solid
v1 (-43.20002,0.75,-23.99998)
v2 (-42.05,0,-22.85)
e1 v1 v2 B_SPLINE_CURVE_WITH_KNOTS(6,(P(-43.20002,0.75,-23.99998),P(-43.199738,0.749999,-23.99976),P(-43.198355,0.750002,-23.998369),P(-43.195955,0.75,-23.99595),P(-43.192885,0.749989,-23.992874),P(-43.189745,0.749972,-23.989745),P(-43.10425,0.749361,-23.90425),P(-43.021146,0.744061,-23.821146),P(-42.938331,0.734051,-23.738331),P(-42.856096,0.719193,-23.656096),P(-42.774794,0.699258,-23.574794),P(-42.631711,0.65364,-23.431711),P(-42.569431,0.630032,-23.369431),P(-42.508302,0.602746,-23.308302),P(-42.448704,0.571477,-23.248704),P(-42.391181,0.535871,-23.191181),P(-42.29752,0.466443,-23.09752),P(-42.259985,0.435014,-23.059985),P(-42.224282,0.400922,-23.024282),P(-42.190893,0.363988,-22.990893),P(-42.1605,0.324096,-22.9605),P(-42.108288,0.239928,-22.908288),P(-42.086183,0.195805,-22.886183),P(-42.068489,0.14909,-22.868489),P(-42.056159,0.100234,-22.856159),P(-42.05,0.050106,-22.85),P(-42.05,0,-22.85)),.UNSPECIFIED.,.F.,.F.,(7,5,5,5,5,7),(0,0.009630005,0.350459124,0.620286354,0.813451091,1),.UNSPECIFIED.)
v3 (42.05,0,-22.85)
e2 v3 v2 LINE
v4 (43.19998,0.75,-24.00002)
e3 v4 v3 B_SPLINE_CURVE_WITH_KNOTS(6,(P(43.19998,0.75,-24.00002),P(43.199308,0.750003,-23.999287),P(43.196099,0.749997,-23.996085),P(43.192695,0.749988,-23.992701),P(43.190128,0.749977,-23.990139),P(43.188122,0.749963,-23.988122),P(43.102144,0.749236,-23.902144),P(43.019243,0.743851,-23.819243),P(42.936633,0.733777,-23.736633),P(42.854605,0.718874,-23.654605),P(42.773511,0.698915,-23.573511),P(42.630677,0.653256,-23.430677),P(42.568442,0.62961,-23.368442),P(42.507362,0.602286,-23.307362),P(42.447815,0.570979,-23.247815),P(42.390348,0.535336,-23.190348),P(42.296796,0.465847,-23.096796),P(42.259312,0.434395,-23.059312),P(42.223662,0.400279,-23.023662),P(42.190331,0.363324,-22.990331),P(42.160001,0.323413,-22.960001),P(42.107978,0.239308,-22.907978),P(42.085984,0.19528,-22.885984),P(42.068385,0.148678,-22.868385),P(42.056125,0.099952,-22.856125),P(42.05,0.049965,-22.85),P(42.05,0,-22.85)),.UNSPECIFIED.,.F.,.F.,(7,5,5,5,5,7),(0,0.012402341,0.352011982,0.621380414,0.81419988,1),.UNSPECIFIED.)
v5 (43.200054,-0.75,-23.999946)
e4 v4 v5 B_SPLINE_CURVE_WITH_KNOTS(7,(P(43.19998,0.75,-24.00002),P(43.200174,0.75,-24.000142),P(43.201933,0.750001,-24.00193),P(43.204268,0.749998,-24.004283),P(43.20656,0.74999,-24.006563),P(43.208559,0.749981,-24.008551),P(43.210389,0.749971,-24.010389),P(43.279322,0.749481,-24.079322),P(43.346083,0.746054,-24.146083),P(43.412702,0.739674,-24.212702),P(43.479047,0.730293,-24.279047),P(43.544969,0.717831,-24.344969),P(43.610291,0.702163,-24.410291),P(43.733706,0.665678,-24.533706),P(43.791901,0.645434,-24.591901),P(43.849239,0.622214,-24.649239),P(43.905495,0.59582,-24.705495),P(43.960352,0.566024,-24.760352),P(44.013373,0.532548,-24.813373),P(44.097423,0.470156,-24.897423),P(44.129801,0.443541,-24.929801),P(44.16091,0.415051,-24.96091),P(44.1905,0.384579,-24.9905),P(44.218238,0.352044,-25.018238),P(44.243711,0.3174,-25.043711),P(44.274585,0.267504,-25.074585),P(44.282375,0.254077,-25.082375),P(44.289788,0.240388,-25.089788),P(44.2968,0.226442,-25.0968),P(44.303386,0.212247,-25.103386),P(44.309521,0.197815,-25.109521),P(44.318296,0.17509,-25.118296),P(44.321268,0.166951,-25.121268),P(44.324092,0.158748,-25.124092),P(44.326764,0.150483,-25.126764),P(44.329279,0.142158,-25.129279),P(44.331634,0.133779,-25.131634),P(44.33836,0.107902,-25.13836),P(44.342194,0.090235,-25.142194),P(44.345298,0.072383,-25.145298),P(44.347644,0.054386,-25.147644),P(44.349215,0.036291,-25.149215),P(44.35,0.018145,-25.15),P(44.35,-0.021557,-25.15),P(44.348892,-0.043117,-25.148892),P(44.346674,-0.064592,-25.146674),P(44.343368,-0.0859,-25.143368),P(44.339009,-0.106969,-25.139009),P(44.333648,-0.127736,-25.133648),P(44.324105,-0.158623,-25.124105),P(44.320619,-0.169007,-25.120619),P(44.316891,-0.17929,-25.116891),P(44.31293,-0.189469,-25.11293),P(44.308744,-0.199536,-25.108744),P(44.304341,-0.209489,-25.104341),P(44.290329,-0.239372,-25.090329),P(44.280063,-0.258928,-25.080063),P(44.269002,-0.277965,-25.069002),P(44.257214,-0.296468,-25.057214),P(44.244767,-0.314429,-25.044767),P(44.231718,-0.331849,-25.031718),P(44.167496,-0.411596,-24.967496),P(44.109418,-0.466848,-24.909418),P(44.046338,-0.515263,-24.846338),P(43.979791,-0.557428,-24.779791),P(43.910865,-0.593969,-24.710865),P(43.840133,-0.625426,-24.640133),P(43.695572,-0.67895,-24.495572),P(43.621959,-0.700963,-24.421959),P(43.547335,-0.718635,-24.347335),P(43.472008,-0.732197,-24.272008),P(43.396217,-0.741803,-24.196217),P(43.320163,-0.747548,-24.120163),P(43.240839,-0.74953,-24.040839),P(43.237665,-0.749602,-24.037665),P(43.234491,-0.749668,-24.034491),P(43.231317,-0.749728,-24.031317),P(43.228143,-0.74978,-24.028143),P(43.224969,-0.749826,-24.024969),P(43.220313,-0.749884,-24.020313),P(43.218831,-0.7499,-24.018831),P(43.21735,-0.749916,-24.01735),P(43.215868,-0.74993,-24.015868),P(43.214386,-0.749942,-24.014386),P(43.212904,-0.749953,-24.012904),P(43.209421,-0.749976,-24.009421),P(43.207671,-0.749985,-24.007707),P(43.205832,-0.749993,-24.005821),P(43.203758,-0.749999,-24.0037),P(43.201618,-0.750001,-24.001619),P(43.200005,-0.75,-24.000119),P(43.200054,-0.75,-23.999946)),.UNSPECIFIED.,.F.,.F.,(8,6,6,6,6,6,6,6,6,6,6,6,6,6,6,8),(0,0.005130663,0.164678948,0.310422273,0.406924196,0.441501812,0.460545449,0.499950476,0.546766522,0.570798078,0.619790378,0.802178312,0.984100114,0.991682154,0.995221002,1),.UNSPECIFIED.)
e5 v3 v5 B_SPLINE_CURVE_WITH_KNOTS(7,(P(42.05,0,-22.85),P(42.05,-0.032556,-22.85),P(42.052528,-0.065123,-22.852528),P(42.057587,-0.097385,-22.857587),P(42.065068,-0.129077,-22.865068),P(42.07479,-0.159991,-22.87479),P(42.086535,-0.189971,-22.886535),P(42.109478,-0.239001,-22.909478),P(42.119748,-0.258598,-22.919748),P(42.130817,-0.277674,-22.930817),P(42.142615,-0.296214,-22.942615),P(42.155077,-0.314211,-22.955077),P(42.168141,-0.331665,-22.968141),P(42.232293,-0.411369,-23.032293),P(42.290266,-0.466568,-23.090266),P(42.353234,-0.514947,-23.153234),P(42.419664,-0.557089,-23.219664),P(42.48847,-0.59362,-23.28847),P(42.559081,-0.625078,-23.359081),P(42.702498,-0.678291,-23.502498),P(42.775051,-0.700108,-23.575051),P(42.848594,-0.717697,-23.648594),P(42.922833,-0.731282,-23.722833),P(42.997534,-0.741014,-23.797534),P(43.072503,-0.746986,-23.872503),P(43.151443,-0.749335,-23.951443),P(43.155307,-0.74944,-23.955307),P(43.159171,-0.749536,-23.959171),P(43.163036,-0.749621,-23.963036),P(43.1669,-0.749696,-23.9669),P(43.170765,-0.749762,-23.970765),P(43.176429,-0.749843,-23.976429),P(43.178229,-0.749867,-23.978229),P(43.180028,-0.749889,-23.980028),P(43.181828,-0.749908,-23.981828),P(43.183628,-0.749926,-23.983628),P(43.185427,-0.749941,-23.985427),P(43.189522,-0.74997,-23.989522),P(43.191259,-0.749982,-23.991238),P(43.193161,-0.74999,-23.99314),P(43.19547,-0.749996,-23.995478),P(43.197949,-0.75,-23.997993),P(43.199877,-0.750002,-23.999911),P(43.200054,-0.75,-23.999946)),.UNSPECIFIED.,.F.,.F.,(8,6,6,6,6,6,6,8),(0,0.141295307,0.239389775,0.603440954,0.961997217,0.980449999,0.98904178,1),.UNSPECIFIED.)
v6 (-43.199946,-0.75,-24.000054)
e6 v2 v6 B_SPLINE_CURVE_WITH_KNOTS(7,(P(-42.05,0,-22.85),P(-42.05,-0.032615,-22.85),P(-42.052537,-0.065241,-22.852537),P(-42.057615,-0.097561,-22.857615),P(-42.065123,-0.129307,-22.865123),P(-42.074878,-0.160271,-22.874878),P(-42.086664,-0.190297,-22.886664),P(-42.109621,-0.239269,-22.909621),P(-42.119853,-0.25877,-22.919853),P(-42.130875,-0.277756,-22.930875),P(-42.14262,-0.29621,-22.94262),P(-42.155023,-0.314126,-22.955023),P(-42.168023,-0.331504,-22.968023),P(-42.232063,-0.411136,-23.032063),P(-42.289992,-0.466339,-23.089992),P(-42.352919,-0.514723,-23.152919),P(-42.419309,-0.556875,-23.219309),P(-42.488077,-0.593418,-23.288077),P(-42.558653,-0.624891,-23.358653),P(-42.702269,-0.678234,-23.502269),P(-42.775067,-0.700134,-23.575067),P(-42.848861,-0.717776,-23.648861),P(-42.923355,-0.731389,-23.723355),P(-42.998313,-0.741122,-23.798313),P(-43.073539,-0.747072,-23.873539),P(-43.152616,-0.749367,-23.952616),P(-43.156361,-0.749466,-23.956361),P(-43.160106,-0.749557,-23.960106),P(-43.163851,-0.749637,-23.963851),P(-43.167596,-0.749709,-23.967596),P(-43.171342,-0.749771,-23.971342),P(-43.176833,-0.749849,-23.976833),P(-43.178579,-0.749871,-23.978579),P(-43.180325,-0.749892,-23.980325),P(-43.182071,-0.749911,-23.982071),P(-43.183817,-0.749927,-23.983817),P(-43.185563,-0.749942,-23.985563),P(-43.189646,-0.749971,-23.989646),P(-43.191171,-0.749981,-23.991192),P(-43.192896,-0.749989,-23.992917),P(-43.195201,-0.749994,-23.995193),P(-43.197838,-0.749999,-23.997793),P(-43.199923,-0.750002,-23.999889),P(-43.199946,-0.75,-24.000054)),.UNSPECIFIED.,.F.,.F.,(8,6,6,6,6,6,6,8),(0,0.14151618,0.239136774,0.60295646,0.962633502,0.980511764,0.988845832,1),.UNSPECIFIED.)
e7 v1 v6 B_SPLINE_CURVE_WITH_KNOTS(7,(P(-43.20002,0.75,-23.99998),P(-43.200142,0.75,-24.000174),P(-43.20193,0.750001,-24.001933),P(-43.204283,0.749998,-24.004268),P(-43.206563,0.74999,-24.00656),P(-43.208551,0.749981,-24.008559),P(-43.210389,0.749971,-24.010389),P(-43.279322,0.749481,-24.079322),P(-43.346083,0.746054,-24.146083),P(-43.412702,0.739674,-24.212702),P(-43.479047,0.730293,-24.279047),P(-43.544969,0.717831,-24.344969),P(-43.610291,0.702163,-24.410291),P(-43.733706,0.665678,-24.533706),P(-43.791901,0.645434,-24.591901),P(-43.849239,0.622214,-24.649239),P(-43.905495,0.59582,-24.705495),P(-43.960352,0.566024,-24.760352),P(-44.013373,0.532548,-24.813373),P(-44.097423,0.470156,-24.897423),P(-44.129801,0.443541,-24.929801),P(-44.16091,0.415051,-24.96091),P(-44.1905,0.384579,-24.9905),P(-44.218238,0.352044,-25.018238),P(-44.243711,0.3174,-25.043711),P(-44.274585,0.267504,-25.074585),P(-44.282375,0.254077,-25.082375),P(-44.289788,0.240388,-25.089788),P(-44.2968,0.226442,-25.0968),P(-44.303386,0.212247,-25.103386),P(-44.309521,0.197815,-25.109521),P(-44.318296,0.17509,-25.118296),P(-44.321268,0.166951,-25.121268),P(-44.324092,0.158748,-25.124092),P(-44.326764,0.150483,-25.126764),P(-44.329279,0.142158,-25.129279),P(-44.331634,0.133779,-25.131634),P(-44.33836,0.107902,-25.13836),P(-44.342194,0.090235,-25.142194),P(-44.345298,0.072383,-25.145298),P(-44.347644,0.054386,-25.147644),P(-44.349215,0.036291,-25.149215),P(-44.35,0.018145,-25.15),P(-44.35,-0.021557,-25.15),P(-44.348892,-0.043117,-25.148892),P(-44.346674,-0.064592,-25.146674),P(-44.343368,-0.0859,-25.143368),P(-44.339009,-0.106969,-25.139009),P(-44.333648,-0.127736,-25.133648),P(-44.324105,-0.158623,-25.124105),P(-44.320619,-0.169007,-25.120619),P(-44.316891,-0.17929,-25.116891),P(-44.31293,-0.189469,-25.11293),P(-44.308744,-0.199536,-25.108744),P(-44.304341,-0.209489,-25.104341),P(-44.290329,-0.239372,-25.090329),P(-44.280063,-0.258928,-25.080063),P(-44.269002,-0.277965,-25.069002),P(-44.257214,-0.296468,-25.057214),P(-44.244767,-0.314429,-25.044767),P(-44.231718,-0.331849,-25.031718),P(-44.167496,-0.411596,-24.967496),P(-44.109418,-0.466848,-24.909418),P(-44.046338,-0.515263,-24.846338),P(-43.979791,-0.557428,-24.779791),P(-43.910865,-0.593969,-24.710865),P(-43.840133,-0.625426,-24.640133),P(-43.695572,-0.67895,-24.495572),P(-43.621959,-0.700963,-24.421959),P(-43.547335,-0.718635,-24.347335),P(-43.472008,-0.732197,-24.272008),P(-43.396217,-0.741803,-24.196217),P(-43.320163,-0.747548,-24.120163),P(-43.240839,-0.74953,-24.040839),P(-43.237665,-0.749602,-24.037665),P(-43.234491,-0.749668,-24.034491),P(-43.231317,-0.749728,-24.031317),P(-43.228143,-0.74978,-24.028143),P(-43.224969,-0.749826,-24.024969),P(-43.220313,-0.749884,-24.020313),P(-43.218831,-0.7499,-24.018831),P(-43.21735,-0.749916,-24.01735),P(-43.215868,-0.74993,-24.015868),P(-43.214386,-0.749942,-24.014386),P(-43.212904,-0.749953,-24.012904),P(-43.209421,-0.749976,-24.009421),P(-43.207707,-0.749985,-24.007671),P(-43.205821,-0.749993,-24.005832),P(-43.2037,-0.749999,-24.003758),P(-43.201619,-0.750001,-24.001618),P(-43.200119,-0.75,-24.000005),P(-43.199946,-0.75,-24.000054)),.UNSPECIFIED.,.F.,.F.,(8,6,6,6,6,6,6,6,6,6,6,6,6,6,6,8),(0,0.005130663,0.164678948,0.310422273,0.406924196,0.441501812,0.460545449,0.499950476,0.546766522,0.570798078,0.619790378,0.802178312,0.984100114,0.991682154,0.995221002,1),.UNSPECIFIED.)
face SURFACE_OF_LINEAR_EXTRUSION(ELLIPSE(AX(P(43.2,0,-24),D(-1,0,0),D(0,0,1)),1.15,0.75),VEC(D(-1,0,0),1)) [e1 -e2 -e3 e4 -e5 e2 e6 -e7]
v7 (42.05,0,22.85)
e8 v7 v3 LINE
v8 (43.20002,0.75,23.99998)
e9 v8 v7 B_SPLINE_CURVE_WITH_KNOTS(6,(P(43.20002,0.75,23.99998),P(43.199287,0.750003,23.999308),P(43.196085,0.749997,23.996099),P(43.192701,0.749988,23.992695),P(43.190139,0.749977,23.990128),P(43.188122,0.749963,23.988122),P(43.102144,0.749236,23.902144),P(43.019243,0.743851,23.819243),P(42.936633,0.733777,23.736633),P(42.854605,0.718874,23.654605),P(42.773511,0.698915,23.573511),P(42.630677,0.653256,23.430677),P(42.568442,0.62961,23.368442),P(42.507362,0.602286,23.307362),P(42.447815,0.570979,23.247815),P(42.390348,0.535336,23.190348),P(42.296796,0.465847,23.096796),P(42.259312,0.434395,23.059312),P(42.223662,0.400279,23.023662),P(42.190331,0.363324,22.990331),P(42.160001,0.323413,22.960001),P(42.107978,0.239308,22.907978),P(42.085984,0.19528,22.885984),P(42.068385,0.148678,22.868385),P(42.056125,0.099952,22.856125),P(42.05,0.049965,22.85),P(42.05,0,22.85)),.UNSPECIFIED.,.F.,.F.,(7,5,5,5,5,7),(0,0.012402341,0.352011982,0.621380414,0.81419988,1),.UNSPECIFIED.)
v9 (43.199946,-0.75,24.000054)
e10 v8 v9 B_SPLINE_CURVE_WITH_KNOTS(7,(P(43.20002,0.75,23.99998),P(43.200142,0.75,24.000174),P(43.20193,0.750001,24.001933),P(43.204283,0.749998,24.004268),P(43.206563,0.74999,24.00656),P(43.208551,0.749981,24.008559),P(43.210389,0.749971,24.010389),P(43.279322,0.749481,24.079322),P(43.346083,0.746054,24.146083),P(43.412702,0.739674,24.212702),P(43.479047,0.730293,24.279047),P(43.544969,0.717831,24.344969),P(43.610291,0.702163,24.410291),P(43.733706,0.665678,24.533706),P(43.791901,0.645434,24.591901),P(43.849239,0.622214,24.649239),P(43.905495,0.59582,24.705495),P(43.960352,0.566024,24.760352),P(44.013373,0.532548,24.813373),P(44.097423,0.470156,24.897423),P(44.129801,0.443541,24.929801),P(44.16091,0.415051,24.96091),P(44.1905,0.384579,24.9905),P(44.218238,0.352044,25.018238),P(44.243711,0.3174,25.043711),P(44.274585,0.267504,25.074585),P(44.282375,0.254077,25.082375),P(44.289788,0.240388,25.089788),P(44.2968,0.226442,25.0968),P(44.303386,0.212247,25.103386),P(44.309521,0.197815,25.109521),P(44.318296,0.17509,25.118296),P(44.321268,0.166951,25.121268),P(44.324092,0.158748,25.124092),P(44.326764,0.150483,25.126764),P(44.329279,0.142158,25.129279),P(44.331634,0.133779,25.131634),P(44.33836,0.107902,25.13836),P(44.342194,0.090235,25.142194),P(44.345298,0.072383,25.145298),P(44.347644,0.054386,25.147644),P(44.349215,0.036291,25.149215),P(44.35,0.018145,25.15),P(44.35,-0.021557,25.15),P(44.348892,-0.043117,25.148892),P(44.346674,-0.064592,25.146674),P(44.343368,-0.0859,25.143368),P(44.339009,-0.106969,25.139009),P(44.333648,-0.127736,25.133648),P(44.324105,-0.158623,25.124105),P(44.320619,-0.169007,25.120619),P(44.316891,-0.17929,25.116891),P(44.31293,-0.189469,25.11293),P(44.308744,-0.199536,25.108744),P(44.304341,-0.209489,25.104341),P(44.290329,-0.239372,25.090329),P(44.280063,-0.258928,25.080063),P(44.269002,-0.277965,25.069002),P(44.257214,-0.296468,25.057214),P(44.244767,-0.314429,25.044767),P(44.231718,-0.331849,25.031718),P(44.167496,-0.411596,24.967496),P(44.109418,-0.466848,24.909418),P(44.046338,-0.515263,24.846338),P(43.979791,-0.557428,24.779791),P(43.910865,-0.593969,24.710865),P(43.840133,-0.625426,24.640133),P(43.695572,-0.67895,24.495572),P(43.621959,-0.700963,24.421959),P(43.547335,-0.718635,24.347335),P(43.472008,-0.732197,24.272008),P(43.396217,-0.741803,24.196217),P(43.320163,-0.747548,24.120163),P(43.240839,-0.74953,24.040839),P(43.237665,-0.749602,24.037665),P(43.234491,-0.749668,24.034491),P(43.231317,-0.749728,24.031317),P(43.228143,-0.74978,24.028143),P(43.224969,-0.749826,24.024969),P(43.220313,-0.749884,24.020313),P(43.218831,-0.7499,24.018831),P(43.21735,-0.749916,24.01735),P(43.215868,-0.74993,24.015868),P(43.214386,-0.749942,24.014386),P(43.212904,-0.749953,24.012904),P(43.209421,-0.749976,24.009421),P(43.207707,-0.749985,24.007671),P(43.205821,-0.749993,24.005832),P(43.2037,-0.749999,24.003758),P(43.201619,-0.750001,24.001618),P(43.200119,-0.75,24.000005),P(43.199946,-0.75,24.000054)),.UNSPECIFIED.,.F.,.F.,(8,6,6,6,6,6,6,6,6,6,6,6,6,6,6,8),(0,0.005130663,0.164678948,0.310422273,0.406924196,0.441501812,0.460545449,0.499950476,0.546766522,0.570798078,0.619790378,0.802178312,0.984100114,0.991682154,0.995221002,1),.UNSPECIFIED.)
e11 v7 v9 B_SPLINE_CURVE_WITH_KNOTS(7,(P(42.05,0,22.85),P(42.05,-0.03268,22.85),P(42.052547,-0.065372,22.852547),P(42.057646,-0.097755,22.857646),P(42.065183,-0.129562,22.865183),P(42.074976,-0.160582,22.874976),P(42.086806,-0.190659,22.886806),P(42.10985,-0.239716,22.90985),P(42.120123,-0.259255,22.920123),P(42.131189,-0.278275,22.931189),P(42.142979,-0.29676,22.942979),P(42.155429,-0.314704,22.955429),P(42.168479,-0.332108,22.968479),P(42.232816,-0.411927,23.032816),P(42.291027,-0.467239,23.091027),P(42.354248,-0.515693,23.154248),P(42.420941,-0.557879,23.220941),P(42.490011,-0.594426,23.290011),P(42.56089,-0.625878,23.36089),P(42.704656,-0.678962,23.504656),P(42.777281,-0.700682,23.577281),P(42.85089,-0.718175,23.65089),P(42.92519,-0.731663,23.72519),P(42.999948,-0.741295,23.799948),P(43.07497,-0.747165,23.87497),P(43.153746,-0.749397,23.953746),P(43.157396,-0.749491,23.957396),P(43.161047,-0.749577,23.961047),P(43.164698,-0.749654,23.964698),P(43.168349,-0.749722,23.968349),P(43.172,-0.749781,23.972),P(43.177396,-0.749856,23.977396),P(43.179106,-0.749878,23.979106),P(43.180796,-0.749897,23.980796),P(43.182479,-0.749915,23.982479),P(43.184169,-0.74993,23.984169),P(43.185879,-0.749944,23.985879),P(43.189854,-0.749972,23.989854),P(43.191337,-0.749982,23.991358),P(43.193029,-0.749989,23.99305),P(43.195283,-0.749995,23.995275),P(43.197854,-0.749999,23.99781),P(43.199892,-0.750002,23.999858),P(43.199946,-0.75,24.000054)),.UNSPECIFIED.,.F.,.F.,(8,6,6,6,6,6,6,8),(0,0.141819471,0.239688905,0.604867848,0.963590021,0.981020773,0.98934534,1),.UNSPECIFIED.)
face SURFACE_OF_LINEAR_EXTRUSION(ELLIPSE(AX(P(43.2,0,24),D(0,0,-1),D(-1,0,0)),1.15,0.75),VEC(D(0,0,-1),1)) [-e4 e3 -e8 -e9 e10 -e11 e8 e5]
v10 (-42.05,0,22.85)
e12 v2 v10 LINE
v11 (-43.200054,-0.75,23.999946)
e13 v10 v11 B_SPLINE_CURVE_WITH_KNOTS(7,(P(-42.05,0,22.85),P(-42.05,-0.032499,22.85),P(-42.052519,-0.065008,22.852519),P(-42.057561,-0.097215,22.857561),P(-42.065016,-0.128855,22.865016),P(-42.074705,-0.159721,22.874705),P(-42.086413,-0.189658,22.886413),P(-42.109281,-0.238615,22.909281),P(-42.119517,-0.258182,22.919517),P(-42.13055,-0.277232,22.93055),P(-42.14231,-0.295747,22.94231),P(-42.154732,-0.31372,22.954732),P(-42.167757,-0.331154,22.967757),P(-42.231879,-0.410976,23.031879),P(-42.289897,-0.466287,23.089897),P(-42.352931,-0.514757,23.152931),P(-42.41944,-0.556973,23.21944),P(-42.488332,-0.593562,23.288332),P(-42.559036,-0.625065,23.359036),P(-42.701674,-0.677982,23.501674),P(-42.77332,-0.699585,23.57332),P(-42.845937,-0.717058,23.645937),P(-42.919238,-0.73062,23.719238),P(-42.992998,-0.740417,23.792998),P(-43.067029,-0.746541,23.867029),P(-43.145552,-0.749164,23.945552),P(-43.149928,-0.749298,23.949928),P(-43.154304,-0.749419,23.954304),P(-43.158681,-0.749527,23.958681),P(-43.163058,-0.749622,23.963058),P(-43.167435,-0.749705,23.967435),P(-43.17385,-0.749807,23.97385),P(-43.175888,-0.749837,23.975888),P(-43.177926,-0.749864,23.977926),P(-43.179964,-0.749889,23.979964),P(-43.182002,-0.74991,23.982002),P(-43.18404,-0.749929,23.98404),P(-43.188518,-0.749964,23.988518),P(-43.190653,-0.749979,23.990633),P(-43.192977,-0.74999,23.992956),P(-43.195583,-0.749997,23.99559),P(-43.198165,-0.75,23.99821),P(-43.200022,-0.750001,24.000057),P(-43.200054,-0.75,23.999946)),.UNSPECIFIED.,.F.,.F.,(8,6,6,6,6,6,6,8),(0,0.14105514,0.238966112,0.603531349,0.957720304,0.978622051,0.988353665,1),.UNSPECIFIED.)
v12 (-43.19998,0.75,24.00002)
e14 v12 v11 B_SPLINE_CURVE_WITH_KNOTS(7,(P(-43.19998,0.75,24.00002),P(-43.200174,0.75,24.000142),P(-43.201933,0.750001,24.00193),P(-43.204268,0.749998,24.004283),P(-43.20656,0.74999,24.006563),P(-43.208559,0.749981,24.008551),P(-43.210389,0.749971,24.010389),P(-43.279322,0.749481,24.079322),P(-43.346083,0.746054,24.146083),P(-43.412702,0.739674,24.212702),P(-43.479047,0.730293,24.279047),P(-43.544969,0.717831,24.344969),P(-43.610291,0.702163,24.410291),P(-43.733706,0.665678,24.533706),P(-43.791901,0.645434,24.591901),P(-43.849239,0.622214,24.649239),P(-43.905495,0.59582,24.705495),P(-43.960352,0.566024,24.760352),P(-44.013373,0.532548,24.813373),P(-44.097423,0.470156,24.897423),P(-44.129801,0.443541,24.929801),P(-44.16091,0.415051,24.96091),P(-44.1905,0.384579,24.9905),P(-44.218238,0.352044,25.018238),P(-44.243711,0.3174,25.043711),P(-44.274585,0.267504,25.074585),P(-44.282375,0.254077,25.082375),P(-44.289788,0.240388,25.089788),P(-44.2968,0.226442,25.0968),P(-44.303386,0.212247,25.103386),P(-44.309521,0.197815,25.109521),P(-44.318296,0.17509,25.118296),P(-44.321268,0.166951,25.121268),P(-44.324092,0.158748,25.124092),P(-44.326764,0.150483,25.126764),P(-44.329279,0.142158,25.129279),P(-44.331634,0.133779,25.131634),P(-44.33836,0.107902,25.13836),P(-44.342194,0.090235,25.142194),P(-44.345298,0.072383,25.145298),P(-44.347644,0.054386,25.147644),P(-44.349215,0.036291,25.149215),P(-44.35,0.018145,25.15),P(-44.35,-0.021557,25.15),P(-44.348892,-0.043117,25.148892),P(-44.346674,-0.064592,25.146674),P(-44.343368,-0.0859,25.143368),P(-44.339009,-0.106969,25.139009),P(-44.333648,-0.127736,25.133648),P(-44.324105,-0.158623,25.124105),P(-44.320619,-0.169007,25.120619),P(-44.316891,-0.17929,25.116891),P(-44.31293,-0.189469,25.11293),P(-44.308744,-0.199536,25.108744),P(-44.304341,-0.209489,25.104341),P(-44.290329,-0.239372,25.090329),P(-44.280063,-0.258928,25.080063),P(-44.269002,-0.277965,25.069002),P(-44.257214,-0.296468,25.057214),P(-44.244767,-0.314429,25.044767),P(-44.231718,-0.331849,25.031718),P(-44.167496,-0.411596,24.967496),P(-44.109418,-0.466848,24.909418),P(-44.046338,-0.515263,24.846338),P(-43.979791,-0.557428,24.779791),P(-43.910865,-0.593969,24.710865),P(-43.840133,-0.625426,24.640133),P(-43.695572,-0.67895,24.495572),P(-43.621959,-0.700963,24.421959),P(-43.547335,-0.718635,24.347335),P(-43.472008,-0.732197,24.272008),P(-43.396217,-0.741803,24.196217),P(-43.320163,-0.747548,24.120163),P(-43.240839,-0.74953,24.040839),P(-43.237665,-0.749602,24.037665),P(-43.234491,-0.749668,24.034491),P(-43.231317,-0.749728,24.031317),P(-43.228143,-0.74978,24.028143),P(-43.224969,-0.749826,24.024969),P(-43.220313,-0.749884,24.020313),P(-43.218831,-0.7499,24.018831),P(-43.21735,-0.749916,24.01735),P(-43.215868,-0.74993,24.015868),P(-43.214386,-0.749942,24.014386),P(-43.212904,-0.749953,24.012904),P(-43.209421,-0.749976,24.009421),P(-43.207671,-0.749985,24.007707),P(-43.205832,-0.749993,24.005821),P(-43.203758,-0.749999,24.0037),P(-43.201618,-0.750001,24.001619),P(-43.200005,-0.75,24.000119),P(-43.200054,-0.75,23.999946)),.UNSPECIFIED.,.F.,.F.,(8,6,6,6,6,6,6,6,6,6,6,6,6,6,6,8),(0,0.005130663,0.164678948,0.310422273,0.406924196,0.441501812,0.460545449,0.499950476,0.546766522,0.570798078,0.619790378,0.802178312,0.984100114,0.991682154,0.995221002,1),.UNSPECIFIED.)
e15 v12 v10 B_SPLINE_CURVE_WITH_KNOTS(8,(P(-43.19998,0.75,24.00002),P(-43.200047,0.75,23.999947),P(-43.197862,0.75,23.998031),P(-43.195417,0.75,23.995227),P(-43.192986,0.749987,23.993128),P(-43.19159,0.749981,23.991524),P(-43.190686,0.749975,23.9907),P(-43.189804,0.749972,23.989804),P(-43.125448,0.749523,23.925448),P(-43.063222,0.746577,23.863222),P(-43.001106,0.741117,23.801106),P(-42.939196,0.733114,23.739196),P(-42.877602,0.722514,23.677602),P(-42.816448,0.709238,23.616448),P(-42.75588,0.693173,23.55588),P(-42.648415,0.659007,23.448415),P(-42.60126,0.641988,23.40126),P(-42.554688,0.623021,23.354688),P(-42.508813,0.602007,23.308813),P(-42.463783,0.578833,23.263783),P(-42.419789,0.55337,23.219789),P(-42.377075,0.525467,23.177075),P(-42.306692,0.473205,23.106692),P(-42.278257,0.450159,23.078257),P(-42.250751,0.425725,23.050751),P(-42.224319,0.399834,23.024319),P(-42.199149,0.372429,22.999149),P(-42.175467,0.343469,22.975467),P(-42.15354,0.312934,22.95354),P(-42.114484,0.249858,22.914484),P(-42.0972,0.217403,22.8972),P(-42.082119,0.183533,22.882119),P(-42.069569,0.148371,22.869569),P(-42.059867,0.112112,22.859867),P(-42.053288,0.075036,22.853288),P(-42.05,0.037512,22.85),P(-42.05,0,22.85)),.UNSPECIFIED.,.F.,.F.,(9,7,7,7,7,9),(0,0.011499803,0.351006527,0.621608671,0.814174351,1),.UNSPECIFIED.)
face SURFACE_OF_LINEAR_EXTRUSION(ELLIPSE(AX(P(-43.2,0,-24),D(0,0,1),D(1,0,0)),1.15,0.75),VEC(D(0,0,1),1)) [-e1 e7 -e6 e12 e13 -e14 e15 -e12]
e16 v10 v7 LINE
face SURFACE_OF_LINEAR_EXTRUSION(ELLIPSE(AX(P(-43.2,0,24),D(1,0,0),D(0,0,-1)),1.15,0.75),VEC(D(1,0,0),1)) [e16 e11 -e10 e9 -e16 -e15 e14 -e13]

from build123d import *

# Parameters (mm, degrees)
SKIZZE9_RX = 1.15
SKIZZE9_RY = 0.75


with BuildPart() as part:
    # Austragung2: sweep along a path in Skizze2
    with BuildLine(Plane(origin=(0, 0, 0), x_dir=(1, 0, 0), z_dir=(0, 1, 0))) as austragung2_path:
        Line((-43.2, -24), (43.2, -24))
        Line((43.2, -24), (43.2, 24))
        Line((43.2, 24), (-43.2, 24))
        Line((-43.2, 24), (-43.2, -24))
    # Skizze9 → Austragung2 (sweep)
    with BuildSketch(Plane(origin=(0, 0, 0), x_dir=(0, 0, -1), z_dir=(1, 0, 0))):
        with Locations((-24, 0)):
            Ellipse(SKIZZE9_RX, SKIZZE9_RY)
    sweep(path=austragung2_path.line, transition=Transition.RIGHT)


solid = part.part
